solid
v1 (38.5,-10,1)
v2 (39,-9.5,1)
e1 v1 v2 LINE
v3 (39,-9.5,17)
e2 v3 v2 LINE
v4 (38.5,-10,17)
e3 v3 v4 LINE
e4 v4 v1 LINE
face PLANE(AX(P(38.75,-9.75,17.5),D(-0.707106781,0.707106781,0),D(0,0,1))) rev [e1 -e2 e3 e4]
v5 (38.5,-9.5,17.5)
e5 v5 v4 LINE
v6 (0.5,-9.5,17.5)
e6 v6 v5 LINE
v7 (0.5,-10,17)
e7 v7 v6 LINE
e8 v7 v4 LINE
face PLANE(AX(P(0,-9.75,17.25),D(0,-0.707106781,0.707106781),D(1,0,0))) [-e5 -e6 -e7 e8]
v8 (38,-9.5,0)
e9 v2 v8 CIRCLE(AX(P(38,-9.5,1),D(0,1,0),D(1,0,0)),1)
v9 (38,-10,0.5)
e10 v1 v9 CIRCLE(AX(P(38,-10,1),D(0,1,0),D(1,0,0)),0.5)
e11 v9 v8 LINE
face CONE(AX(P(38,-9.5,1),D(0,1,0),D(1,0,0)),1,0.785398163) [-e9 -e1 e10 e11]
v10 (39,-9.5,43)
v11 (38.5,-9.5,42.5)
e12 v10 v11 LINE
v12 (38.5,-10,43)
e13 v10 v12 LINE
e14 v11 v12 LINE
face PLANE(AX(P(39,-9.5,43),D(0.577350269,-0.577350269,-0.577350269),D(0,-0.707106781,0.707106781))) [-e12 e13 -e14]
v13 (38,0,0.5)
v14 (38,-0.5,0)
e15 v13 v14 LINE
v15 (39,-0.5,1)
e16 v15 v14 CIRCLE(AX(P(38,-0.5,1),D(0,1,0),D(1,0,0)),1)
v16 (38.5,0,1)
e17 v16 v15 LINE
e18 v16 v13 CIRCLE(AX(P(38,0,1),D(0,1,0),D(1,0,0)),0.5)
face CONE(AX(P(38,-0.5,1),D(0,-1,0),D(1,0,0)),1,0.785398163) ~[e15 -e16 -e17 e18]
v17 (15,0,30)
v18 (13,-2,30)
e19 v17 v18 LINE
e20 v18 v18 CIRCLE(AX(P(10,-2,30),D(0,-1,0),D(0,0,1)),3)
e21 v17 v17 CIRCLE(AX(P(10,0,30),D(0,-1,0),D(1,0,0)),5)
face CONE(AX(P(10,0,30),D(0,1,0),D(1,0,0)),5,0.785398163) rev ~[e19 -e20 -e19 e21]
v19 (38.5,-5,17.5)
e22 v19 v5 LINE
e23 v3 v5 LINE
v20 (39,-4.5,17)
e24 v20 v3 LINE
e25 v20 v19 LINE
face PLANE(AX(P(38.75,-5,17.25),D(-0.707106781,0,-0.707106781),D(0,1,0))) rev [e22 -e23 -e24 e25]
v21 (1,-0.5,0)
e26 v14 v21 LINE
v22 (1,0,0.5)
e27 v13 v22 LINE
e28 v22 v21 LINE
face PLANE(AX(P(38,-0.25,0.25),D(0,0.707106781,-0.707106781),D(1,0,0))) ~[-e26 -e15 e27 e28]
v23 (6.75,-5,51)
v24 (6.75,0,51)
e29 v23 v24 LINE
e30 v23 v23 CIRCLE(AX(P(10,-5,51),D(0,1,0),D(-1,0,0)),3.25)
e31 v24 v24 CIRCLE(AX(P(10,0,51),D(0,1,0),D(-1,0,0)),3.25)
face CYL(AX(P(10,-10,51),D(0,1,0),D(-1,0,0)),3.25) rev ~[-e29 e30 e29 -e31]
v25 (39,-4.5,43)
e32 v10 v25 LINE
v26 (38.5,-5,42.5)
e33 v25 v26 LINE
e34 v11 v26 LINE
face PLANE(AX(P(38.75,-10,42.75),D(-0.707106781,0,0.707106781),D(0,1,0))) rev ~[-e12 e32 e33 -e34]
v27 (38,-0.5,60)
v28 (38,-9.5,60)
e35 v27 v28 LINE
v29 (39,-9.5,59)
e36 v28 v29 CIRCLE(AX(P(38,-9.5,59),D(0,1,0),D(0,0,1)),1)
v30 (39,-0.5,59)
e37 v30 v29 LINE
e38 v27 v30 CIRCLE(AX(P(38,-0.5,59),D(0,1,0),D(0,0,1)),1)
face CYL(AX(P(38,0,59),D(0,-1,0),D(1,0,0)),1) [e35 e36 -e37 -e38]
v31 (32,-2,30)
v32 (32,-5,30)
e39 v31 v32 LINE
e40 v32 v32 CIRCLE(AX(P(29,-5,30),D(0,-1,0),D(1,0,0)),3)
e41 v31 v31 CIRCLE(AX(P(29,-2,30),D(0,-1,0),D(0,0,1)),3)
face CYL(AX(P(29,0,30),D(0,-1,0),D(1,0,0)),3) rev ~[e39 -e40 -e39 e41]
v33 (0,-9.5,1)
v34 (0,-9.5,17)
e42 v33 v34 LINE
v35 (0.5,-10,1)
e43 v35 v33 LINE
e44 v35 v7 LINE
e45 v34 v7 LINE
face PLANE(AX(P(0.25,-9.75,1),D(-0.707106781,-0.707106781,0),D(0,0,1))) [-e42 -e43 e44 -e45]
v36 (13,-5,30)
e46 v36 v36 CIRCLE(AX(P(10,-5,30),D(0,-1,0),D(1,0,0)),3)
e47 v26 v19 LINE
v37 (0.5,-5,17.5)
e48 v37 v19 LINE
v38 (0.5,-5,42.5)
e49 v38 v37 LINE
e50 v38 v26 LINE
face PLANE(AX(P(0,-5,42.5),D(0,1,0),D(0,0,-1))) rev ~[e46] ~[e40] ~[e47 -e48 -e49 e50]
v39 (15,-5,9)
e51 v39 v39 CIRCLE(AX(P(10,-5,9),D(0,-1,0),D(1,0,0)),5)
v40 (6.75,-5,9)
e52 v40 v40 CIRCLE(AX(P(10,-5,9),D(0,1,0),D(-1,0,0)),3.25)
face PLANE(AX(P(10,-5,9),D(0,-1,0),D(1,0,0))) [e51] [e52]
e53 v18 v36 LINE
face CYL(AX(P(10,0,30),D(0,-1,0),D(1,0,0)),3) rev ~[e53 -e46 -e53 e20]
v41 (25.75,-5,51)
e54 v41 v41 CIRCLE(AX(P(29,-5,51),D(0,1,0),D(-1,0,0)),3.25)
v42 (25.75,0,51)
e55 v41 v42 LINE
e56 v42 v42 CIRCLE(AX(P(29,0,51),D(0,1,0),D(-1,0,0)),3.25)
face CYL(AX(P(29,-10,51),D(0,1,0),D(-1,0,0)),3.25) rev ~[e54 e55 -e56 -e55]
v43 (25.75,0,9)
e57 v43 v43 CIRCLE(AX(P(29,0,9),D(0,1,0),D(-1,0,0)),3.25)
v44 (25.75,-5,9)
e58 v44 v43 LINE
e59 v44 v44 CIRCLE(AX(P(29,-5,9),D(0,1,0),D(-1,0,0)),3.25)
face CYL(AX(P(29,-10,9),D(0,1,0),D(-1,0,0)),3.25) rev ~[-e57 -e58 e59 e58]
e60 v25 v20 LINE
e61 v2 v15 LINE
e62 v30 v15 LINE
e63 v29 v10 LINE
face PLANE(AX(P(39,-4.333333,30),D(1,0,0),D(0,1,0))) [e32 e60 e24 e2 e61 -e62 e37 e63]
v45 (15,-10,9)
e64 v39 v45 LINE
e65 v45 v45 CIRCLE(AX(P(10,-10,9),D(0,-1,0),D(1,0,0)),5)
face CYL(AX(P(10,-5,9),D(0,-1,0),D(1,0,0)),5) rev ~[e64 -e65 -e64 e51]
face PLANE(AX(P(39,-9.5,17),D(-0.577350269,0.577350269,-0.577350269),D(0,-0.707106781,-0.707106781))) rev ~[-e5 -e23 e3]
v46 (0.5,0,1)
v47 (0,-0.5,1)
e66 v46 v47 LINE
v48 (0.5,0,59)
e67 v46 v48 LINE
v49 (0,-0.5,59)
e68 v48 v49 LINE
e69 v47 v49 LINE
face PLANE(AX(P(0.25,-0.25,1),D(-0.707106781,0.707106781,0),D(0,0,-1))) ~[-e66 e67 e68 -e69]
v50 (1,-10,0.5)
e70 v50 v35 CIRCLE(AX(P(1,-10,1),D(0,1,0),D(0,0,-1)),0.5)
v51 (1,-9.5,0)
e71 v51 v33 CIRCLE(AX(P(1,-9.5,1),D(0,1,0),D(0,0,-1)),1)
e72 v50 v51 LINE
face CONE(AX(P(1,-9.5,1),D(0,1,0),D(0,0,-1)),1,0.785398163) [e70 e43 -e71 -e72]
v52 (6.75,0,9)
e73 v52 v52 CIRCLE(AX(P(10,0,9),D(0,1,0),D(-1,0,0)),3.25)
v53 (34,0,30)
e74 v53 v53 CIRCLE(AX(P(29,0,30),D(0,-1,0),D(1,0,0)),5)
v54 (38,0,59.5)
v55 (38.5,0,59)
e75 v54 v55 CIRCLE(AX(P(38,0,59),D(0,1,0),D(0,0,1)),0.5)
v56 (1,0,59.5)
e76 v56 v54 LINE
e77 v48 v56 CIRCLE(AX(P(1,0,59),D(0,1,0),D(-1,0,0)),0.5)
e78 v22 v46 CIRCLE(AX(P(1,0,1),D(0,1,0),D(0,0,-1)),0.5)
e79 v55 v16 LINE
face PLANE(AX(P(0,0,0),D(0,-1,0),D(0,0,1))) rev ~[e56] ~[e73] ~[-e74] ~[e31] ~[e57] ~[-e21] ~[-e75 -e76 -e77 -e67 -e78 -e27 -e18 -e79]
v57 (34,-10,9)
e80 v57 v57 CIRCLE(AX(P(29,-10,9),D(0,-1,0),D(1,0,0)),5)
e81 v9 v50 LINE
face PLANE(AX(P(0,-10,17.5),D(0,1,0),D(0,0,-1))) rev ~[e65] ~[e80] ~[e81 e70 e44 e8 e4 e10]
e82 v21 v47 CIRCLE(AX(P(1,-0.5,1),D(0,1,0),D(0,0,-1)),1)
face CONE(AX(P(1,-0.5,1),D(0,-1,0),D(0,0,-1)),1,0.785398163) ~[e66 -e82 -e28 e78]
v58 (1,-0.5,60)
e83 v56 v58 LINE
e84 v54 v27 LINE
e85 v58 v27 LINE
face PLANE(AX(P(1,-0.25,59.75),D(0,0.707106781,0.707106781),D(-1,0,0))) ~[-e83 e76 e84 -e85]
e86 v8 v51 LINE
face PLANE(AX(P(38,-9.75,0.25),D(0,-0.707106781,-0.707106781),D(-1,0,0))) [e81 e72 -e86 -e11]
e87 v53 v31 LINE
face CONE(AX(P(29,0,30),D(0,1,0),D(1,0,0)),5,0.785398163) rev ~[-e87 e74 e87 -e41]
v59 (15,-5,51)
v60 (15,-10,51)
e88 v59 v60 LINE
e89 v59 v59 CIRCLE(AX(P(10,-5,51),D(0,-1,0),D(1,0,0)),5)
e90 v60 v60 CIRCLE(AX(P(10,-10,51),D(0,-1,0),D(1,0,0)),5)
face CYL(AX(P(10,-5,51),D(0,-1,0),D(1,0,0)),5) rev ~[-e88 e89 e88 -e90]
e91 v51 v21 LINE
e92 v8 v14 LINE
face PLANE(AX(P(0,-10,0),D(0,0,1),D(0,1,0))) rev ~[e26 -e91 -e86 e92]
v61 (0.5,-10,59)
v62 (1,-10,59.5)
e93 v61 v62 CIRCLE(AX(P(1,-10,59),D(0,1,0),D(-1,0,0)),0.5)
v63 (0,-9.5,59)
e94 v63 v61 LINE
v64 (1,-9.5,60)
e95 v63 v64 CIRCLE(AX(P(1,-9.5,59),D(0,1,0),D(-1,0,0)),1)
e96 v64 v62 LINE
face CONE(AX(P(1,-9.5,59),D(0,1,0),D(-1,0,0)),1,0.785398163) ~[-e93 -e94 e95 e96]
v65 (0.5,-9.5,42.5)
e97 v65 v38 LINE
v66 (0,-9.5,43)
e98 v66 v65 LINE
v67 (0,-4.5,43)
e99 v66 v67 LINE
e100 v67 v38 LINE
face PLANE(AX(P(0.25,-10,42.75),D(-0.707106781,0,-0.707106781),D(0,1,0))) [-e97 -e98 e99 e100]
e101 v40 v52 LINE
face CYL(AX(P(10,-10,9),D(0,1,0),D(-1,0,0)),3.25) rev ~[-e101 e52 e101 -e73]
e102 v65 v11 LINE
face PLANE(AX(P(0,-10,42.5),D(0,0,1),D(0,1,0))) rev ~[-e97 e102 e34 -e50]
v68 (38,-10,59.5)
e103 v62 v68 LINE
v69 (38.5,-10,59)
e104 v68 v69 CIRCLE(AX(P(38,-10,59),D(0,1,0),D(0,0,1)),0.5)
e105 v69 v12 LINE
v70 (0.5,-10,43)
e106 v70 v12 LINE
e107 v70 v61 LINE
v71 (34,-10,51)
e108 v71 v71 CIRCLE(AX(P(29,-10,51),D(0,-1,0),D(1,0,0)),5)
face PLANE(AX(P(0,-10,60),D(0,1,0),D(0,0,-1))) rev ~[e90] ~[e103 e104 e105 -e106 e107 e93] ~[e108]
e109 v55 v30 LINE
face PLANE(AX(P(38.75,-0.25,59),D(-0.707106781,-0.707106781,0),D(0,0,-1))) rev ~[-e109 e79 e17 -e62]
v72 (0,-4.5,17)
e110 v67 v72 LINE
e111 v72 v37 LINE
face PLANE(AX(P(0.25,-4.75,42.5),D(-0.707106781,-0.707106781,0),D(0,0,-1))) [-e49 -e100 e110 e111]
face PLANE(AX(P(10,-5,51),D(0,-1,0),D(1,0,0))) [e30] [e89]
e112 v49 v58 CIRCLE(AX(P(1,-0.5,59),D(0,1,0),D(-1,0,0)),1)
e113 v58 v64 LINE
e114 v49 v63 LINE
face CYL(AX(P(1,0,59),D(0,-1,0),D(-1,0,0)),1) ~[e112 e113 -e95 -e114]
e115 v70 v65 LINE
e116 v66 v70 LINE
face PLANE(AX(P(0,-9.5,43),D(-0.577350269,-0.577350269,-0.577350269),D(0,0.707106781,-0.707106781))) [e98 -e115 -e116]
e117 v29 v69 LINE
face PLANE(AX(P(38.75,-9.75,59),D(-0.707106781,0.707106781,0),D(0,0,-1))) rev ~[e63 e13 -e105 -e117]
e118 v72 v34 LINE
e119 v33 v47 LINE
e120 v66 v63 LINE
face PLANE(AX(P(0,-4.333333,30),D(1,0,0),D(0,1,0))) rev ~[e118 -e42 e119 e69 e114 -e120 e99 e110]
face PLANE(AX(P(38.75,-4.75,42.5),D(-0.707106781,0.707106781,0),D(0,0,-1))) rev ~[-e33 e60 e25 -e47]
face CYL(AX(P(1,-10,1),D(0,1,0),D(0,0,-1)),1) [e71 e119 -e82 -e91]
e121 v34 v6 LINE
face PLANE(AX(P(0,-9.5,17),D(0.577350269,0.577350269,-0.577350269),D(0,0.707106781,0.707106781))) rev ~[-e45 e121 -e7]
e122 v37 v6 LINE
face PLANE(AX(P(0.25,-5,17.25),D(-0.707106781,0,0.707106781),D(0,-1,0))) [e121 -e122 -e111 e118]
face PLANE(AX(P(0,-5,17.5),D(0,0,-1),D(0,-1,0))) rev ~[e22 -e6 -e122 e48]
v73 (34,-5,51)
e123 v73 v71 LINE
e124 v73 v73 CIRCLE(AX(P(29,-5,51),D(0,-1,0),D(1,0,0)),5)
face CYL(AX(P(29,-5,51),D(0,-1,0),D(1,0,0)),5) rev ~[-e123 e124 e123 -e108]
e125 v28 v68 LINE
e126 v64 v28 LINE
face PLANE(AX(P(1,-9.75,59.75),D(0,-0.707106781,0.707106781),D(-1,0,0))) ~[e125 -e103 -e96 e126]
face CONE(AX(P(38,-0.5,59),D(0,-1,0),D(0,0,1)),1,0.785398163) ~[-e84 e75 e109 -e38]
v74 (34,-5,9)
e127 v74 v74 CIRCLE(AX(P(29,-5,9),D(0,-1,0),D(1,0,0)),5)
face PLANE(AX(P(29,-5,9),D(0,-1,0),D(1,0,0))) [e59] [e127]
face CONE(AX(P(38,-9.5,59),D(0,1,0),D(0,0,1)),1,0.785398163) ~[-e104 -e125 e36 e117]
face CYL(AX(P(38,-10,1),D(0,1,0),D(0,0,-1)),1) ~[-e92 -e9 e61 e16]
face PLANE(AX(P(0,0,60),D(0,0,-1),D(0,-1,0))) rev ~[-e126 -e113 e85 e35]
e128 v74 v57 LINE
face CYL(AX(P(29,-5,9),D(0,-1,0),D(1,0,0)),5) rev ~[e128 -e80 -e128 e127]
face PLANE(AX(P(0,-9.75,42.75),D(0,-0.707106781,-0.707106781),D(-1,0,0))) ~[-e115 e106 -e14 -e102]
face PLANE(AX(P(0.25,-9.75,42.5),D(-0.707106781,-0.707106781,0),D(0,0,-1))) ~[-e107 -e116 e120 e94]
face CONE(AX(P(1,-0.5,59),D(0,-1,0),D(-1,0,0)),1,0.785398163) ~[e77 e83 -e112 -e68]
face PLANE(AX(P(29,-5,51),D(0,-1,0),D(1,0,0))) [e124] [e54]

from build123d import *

# Parameters (mm, degrees)
F1_DEPTH       = 39
F5_D           = 6
F5_CSINK_D     = 10
F5_CSINK_ANGLE = 90
F6_D           = 6.5
F6_CBORE_D     = 10
F6_CBORE_DEPTH = 5
F7_R           = 1
F8_SIZE        = 0.5


with BuildPart() as f1:
    # F0 (on Right) → F1 (new body)
    with BuildSketch(Plane.YZ):
        Polygon((-10, 0), (0, 0), (0, 60), (-10, 60), (-10, 42.5), (-5, 42.5), (-5, 17.5), (-10, 17.5), align=None)
    extrude(amount=F1_DEPTH)

    # F5 (through all)
    with Locations(Plane(origin=(0, 0, 0), x_dir=(-1, 0, 0), z_dir=(0, 1, 0))):
        with Locations((-29, 30), (-10, 30)):
            CounterSinkHole(F5_D / 2, F5_CSINK_D / 2, counter_sink_angle=F5_CSINK_ANGLE)

    # F6 (through all)
    with Locations(Plane.XZ.offset(10)):
        with Locations((10, 51), (29, 51), (10, 9), (29, 9)):
            CounterBoreHole(F6_D / 2, F6_CBORE_D / 2, F6_CBORE_DEPTH)

    # F7
    f7_edges = [f1.edges().sort_by_distance(p)[0] for p in [
        (39, -5, 60),
        (39, -5, 0),
        (0, -5, 60),
        (0, -5, 0),
    ]]
    fillet(f7_edges, radius=F7_R)

    # F8
    f8_edges = [f1.edges().sort_by_distance(p)[0] for p in [
        (19.5, -10, 42.5),
        (19.5, -10, 17.5),
        (39, -7.5, 42.5),
        (39, -5, 30),
        (39, -7.5, 17.5),
        (39, -10, 50.75),
        (39, -10, 9.25),
        (0, -7.5, 42.5),
        (0, -7.5, 17.5),
        (0, -10, 50.75),
        (0, 0, 30),
        (0, -5, 30),
    ]]
    chamfer(f8_edges, length=F8_SIZE)


solid = f1.part
